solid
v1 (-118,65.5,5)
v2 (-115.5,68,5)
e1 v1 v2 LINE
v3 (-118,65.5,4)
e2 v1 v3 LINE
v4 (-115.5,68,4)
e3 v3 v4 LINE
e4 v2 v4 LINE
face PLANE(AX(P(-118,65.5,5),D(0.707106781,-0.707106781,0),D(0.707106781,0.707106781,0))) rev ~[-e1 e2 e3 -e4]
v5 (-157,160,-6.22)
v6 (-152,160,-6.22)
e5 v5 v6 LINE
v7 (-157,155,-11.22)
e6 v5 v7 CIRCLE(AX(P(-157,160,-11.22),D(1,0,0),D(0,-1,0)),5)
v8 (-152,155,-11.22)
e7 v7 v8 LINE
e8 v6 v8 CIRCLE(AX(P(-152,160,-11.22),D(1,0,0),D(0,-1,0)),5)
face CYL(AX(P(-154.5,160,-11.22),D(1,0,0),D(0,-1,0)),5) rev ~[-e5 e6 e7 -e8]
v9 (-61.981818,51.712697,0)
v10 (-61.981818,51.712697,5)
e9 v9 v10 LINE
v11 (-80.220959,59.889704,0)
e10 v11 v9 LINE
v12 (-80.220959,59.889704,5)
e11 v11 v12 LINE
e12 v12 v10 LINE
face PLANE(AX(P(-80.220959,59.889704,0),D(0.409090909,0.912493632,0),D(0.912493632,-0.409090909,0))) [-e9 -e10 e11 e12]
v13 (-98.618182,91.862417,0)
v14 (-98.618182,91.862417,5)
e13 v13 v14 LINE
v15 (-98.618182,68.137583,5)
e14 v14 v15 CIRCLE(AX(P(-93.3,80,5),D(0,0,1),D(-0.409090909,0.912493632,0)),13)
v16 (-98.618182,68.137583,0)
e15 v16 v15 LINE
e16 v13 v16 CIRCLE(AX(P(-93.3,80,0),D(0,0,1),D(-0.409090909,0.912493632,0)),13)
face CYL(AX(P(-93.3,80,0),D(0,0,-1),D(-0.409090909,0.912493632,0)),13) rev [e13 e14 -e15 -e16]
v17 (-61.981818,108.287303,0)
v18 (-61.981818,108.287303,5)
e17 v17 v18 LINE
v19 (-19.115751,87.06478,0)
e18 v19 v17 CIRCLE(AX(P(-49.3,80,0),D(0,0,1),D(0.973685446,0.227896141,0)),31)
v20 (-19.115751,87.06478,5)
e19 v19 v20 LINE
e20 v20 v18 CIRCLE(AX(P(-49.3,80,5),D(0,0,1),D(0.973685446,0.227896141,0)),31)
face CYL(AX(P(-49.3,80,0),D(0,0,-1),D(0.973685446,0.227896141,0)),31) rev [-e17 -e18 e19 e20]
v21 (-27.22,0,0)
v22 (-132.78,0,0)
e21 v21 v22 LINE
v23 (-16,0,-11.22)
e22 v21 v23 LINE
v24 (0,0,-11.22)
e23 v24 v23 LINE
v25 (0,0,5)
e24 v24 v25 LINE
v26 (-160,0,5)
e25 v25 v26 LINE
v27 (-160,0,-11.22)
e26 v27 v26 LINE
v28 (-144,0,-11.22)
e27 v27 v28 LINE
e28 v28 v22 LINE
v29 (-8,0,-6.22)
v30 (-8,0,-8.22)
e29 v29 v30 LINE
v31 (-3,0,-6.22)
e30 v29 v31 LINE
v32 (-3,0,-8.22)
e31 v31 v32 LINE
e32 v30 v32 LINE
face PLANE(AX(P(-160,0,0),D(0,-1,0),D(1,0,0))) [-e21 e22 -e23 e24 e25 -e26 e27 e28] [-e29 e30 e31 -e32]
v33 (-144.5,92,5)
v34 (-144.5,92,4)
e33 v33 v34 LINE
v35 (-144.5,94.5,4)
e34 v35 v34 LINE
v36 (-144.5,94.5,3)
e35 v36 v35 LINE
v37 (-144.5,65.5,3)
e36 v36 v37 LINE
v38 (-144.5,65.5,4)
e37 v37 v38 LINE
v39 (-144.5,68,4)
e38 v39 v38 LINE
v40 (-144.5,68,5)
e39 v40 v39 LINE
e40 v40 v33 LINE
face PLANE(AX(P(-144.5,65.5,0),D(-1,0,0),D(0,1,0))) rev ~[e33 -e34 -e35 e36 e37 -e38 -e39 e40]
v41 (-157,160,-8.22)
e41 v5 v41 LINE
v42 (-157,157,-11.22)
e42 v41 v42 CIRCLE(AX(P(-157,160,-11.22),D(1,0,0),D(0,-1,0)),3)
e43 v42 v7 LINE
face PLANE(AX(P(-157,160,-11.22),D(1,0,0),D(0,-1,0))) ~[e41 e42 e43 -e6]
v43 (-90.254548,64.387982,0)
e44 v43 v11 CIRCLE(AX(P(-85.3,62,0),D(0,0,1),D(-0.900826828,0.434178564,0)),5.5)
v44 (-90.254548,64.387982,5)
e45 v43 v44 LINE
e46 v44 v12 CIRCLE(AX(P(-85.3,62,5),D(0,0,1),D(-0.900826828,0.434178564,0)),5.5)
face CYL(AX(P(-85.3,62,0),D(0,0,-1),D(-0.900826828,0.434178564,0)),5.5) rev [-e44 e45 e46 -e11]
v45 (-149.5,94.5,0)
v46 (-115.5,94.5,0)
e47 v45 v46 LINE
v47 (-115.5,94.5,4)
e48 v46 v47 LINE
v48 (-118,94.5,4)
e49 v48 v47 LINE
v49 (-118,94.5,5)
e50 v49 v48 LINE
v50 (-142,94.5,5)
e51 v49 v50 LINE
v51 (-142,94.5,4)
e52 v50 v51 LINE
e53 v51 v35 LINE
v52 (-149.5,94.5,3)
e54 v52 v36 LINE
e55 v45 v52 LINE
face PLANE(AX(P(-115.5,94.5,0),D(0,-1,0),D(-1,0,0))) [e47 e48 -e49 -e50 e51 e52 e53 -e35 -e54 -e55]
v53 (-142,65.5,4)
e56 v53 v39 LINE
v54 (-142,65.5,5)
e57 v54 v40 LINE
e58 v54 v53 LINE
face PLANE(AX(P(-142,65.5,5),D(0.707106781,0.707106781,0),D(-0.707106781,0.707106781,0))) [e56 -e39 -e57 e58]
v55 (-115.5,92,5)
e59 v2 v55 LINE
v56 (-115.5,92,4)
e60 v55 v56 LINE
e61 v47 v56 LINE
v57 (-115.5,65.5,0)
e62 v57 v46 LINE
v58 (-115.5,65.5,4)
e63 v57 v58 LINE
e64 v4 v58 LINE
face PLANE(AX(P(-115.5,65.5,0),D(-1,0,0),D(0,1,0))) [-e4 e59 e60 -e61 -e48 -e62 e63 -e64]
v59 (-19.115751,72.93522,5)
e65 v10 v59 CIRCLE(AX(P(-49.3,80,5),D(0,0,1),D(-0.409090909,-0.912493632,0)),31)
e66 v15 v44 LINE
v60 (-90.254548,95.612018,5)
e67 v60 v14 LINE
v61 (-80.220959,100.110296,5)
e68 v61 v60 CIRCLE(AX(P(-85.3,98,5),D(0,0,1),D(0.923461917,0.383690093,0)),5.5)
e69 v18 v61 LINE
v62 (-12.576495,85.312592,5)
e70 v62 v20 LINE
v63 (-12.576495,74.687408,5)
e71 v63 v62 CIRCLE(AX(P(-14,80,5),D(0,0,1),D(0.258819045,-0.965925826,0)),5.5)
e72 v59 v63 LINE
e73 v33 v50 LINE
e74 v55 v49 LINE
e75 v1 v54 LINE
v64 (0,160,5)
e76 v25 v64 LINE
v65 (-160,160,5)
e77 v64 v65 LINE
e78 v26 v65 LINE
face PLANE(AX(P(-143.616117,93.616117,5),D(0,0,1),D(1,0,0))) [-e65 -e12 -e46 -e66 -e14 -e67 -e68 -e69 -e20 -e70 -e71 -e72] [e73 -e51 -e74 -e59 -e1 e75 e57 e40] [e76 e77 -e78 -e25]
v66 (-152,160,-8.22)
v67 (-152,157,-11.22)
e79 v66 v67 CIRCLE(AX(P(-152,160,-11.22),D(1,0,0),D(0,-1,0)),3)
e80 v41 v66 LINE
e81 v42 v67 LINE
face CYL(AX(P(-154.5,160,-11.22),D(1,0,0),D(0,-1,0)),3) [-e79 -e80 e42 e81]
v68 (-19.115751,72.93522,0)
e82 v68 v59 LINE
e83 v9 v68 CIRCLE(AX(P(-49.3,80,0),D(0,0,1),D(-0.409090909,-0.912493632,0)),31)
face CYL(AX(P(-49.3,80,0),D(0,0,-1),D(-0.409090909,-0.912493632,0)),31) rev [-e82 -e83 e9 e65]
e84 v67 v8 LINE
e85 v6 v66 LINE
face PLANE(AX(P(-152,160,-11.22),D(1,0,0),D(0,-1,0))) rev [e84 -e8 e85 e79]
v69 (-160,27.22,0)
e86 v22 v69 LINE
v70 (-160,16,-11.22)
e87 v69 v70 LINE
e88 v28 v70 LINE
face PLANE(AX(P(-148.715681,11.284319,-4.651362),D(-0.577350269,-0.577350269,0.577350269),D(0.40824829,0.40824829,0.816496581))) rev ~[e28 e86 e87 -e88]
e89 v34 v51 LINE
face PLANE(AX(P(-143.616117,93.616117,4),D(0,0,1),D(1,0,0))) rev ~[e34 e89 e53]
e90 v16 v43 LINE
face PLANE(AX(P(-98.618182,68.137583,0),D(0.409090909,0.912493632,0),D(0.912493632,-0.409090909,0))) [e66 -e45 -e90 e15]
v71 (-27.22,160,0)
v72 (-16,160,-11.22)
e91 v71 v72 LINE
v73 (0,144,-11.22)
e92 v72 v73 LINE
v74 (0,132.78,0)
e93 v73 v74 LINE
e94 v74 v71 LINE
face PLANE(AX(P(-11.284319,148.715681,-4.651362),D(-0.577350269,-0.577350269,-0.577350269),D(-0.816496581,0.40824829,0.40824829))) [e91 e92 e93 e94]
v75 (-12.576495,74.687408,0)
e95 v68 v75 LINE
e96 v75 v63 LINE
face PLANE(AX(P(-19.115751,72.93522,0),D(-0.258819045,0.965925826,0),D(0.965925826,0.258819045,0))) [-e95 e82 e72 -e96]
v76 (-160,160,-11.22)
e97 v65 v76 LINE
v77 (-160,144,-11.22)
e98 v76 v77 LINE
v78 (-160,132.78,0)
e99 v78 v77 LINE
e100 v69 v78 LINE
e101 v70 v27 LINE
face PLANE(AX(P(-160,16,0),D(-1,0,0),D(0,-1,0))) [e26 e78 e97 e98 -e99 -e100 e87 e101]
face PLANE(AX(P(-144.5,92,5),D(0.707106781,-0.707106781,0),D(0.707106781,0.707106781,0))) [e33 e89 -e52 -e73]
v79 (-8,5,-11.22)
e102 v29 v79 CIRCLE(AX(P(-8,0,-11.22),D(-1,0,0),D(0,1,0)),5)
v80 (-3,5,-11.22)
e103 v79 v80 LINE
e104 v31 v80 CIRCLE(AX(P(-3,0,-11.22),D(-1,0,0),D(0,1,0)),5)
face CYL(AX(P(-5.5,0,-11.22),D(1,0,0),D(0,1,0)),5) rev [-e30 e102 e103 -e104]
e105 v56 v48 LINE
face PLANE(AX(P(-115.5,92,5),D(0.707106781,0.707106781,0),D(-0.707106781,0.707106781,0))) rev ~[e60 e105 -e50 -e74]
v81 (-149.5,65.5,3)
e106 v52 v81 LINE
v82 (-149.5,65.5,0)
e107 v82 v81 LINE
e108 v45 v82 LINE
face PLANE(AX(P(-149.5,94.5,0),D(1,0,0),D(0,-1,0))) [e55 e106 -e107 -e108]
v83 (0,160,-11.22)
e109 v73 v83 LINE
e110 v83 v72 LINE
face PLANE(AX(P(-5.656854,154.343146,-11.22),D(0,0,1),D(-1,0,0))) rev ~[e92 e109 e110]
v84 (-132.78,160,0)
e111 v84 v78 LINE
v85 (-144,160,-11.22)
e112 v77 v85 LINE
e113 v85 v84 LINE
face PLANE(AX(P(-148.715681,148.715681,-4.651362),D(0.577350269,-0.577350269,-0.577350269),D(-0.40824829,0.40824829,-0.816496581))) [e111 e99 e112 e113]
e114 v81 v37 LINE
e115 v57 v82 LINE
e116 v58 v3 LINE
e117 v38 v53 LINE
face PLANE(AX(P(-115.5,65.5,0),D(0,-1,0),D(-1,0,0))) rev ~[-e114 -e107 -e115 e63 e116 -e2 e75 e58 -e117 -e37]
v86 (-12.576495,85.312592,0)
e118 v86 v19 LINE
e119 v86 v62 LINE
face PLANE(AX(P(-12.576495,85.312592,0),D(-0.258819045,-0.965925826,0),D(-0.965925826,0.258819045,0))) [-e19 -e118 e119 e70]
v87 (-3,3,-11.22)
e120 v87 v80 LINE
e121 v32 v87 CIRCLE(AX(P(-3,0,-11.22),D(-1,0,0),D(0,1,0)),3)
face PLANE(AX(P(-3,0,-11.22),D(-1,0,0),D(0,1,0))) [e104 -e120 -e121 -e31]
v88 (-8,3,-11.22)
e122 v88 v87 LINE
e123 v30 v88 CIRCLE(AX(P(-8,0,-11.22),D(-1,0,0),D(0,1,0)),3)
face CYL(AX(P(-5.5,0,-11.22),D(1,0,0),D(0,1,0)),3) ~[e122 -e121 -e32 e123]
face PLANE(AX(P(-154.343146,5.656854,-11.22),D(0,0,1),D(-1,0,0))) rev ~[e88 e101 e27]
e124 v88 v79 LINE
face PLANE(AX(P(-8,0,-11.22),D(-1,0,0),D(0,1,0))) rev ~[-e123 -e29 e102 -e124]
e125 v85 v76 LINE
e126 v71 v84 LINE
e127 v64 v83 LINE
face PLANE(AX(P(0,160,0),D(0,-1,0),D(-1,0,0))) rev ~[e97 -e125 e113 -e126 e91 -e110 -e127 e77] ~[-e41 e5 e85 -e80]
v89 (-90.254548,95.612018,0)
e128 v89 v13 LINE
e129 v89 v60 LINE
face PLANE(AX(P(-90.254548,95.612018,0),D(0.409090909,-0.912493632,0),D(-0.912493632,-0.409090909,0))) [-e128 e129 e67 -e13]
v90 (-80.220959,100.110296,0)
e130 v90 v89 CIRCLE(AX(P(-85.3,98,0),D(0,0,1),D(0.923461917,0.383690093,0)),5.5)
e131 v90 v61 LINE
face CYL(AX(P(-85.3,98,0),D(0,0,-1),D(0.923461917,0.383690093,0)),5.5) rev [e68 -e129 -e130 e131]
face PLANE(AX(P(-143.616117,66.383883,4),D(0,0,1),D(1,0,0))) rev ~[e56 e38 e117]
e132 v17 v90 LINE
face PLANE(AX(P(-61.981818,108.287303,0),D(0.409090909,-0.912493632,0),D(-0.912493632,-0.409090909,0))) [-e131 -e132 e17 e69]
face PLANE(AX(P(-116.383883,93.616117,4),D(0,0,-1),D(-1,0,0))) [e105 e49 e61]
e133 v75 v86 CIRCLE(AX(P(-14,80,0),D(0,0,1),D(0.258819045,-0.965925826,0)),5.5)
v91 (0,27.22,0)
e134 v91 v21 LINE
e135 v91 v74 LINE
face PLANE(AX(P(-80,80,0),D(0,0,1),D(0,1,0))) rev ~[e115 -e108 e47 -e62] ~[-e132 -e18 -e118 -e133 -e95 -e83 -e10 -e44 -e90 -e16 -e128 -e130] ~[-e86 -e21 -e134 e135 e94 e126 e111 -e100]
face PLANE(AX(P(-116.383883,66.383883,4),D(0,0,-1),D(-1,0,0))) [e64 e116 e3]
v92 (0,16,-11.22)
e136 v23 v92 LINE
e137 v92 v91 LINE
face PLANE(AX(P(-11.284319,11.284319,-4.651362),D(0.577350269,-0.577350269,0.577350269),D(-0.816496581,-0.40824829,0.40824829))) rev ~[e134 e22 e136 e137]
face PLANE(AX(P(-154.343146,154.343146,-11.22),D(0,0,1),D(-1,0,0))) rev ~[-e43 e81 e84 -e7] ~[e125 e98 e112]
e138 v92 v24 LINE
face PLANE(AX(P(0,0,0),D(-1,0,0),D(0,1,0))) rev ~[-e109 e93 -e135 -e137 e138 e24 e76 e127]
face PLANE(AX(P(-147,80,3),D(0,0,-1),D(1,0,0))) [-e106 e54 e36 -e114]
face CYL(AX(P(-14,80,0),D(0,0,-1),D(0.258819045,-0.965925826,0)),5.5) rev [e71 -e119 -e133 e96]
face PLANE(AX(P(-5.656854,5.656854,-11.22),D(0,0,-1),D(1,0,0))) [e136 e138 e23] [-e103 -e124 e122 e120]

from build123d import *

# Parameters (mm, degrees)
SKETCH1_W           = 160
SKETCH1_H           = 160
SKETCH1_W_2         = 29
SKETCH1_H_2         = 29
BOSS_EXTRUDE1_DEPTH = 5
BOSS_EXTRUDE2_DEPTH = 1
SKETCH5_W           = 5
SKETCH5_H           = 29
CUT_EXTRUDE2_DEPTH  = 3
BOSS_EXTRUDE3_DEPTH = 11.22
BOSS_EXTRUDE5_DEPTH = 6.47787
BOSS_EXTRUDE6_DEPTH = 6.47787
BOSS_EXTRUDE7_DEPTH = 6.47787
BOSS_EXTRUDE8_DEPTH = 6.47787
SKETCH16_W          = 180
SKETCH16_H          = 180
SKETCH16_W_2        = 160
SKETCH16_H_2        = 160
CUT_EXTRUDE3_DEPTH  = 47
SKETCH18_W          = 5
SKETCH18_H          = 2
SKETCH19_W          = 5
SKETCH19_H          = 2


with BuildPart() as part:
    # Sketch1 → Boss-Extrude1 (new body)
    with BuildSketch(Plane(origin=(0, 0, 0), x_dir=(0, 1, 0), z_dir=(0, 0, 1))):
        with Locations((80, 80)):
            Rectangle(SKETCH1_W, SKETCH1_H)
        with BuildLine():
            Line((68.137582786, 98.618181818), (64.387982104, 90.254547554))
            ThreePointArc((64.387982104, 90.254547554), (56.981285025, 87.55), (59.88970449, 80.220959455))
            Line((59.88970449, 80.220959455), (51.712697414, 61.981818182))
            ThreePointArc((51.712697414, 61.981818182), (52.218398749, 35.545632261), (72.935219616, 19.115751158))
            Line((72.935219616, 19.115751158), (74.687407955, 12.576495252))
            ThreePointArc((74.687407955, 12.576495252), (80, 8.5), (85.312592045, 12.576495252))
            Line((85.312592045, 12.576495252), (87.064780384, 19.115751158))
            ThreePointArc((87.064780384, 19.115751158), (107.781601251, 35.545632261), (108.287302586, 61.981818182))
            Line((108.287302586, 61.981818182), (100.11029551, 80.220959455))
            ThreePointArc((100.11029551, 80.220959455), (103.018714975, 87.55), (95.612017896, 90.254547554))
            Line((95.612017896, 90.254547554), (91.862417214, 98.618181818))
            ThreePointArc((91.862417214, 98.618181818), (80, 106.3), (68.137582786, 98.618181818))
        make_face(mode=Mode.SUBTRACT)
        with Locations((80, 130)):
            Rectangle(SKETCH1_W_2, SKETCH1_H_2, mode=Mode.SUBTRACT)
    extrude(amount=BOSS_EXTRUDE1_DEPTH)

    # Sketch3 → Boss-Extrude2 (add)
    with BuildSketch(Plane.XY.offset(5)):
        Polygon((-144.5, 92), (-142, 94.5), (-144.5, 94.5), align=None)
        Polygon((-144.5, 65.5), (-142, 65.5), (-144.5, 68), align=None)
        Polygon((-115.5, 65.5), (-118, 65.5), (-115.5, 68), align=None)
        Polygon((-115.5, 94.5), (-115.5, 92), (-118, 94.5), align=None)
    extrude(amount=-BOSS_EXTRUDE2_DEPTH)

    # Sketch5 → Cut-Extrude2 (cut)
    with BuildSketch(Plane(origin=(0, 0, 0), x_dir=(1, 0, 0), z_dir=(0, 0, -1))):
        with Locations((-147, -80)):
            Rectangle(SKETCH5_W, SKETCH5_H)
    extrude(amount=-CUT_EXTRUDE2_DEPTH, mode=Mode.SUBTRACT)

    # Sketch6 → Boss-Extrude3 (add)
    with BuildSketch(Plane(origin=(0, 0, 0), x_dir=(1, 0, 0), z_dir=(0, 0, -1))):
        Polygon((-160, -16), (-160, 0), (-144, 0), align=None)
        Polygon((-144, -160), (-160, -160), (-160, -144), align=None)
        Polygon((0, -160), (-16, -160), (0, -144), align=None)
        Polygon((0, 0), (-16, 0), (0, -16), align=None)
    extrude(amount=BOSS_EXTRUDE3_DEPTH)

    # Sketch12 → Boss-Extrude5 (add)
    with BuildSketch(Plane(origin=(44.26, 44.26, 44.26), x_dir=(0.8164965809277263, -0.40824829046386296, -0.4082482904638628), z_dir=(0.5773502691896256, 0.5773502691896261, 0.5773502691896258))):
        Polygon((-54.207208008, 93.889638406), (-87.544763407, 113.13708499), (-73.80312595, 121.070823075), (-54.207208008, 109.757114576), align=None)
    extrude(amount=BOSS_EXTRUDE5_DEPTH)

    # Sketch13 → Boss-Extrude6 (add)
    with BuildSketch(Plane(origin=(-97.593333333, 97.593333333, 97.593333333), x_dir=(0.4082482904638652, -0.4082482904638646, 0.8164965809277241), z_dir=(-0.577350269189624, 0.5773502691896251, 0.5773502691896285))):
        Polygon((-133.268571939, 11.313708499), (-119.526934482, 19.247446584), (-119.526934482, -19.247446584), (-133.268571939, -11.313708499), align=None)
    extrude(amount=BOSS_EXTRUDE6_DEPTH)

    # Sketch14 → Boss-Extrude7 (add)
    with BuildSketch(Plane(origin=(-44.26, -44.26, 44.26), x_dir=(0.40824829046386135, 0.40824829046386096, 0.8164965809277279), z_dir=(-0.5773502691896302, -0.5773502691896242, 0.5773502691896232))):
        Polygon((-54.207208008, 132.384531574), (-67.948845465, 124.450793489), (-67.948845465, 101.823376491), (-54.207208008, 93.889638406), align=None)
    extrude(amount=BOSS_EXTRUDE7_DEPTH)

    # Sketch15 → Boss-Extrude8 (add)
    with BuildSketch(Plane(origin=(-9.073333333, 9.073333333, -9.073333333), x_dir=(-0.8164965809277261, -0.40824829046386324, 0.40824829046386274), z_dir=(0.5773502691896257, -0.5773502691896257, 0.577350269189626))):
        Polygon((-11.112518466, -19.247446584), (22.225036933, 0), (8.483399476, 7.933738085), (-11.112518466, -3.379970414), align=None)
    extrude(amount=BOSS_EXTRUDE8_DEPTH)

    # Sketch16 → Cut-Extrude3 (cut)
    with BuildSketch(Plane.XY.offset(5)):
        with Locations((-80, 80)):
            Rectangle(SKETCH16_W, SKETCH16_H)
        with Locations((-80, 80)):
            Rectangle(SKETCH16_W_2, SKETCH16_H_2, mode=Mode.SUBTRACT)
    extrude(amount=-CUT_EXTRUDE3_DEPTH, mode=Mode.SUBTRACT)

    # Sketch18 → Cut-Revolve1 (revolve, cut)
    with BuildSketch(Plane(origin=(0, 0, -11.22), x_dir=(1, 0, 0), z_dir=(0, 0, -1))):
        with Locations((-5.5, -4)):
            Rectangle(SKETCH18_W, SKETCH18_H)
    revolve(axis=Axis((0, 0, -11.22), (-1, 0, 0)), mode=Mode.SUBTRACT)

    # Sketch19 → Cut-Revolve2 (revolve, cut)
    with BuildSketch(Plane(origin=(0, 0, -11.22), x_dir=(1, 0, 0), z_dir=(0, 0, -1))):
        with Locations((-154.5, -156)):
            Rectangle(SKETCH19_W, SKETCH19_H)
    revolve(axis=Axis((-160, 160, -11.22), (1, 0, 0)), mode=Mode.SUBTRACT)


solid = part.part
